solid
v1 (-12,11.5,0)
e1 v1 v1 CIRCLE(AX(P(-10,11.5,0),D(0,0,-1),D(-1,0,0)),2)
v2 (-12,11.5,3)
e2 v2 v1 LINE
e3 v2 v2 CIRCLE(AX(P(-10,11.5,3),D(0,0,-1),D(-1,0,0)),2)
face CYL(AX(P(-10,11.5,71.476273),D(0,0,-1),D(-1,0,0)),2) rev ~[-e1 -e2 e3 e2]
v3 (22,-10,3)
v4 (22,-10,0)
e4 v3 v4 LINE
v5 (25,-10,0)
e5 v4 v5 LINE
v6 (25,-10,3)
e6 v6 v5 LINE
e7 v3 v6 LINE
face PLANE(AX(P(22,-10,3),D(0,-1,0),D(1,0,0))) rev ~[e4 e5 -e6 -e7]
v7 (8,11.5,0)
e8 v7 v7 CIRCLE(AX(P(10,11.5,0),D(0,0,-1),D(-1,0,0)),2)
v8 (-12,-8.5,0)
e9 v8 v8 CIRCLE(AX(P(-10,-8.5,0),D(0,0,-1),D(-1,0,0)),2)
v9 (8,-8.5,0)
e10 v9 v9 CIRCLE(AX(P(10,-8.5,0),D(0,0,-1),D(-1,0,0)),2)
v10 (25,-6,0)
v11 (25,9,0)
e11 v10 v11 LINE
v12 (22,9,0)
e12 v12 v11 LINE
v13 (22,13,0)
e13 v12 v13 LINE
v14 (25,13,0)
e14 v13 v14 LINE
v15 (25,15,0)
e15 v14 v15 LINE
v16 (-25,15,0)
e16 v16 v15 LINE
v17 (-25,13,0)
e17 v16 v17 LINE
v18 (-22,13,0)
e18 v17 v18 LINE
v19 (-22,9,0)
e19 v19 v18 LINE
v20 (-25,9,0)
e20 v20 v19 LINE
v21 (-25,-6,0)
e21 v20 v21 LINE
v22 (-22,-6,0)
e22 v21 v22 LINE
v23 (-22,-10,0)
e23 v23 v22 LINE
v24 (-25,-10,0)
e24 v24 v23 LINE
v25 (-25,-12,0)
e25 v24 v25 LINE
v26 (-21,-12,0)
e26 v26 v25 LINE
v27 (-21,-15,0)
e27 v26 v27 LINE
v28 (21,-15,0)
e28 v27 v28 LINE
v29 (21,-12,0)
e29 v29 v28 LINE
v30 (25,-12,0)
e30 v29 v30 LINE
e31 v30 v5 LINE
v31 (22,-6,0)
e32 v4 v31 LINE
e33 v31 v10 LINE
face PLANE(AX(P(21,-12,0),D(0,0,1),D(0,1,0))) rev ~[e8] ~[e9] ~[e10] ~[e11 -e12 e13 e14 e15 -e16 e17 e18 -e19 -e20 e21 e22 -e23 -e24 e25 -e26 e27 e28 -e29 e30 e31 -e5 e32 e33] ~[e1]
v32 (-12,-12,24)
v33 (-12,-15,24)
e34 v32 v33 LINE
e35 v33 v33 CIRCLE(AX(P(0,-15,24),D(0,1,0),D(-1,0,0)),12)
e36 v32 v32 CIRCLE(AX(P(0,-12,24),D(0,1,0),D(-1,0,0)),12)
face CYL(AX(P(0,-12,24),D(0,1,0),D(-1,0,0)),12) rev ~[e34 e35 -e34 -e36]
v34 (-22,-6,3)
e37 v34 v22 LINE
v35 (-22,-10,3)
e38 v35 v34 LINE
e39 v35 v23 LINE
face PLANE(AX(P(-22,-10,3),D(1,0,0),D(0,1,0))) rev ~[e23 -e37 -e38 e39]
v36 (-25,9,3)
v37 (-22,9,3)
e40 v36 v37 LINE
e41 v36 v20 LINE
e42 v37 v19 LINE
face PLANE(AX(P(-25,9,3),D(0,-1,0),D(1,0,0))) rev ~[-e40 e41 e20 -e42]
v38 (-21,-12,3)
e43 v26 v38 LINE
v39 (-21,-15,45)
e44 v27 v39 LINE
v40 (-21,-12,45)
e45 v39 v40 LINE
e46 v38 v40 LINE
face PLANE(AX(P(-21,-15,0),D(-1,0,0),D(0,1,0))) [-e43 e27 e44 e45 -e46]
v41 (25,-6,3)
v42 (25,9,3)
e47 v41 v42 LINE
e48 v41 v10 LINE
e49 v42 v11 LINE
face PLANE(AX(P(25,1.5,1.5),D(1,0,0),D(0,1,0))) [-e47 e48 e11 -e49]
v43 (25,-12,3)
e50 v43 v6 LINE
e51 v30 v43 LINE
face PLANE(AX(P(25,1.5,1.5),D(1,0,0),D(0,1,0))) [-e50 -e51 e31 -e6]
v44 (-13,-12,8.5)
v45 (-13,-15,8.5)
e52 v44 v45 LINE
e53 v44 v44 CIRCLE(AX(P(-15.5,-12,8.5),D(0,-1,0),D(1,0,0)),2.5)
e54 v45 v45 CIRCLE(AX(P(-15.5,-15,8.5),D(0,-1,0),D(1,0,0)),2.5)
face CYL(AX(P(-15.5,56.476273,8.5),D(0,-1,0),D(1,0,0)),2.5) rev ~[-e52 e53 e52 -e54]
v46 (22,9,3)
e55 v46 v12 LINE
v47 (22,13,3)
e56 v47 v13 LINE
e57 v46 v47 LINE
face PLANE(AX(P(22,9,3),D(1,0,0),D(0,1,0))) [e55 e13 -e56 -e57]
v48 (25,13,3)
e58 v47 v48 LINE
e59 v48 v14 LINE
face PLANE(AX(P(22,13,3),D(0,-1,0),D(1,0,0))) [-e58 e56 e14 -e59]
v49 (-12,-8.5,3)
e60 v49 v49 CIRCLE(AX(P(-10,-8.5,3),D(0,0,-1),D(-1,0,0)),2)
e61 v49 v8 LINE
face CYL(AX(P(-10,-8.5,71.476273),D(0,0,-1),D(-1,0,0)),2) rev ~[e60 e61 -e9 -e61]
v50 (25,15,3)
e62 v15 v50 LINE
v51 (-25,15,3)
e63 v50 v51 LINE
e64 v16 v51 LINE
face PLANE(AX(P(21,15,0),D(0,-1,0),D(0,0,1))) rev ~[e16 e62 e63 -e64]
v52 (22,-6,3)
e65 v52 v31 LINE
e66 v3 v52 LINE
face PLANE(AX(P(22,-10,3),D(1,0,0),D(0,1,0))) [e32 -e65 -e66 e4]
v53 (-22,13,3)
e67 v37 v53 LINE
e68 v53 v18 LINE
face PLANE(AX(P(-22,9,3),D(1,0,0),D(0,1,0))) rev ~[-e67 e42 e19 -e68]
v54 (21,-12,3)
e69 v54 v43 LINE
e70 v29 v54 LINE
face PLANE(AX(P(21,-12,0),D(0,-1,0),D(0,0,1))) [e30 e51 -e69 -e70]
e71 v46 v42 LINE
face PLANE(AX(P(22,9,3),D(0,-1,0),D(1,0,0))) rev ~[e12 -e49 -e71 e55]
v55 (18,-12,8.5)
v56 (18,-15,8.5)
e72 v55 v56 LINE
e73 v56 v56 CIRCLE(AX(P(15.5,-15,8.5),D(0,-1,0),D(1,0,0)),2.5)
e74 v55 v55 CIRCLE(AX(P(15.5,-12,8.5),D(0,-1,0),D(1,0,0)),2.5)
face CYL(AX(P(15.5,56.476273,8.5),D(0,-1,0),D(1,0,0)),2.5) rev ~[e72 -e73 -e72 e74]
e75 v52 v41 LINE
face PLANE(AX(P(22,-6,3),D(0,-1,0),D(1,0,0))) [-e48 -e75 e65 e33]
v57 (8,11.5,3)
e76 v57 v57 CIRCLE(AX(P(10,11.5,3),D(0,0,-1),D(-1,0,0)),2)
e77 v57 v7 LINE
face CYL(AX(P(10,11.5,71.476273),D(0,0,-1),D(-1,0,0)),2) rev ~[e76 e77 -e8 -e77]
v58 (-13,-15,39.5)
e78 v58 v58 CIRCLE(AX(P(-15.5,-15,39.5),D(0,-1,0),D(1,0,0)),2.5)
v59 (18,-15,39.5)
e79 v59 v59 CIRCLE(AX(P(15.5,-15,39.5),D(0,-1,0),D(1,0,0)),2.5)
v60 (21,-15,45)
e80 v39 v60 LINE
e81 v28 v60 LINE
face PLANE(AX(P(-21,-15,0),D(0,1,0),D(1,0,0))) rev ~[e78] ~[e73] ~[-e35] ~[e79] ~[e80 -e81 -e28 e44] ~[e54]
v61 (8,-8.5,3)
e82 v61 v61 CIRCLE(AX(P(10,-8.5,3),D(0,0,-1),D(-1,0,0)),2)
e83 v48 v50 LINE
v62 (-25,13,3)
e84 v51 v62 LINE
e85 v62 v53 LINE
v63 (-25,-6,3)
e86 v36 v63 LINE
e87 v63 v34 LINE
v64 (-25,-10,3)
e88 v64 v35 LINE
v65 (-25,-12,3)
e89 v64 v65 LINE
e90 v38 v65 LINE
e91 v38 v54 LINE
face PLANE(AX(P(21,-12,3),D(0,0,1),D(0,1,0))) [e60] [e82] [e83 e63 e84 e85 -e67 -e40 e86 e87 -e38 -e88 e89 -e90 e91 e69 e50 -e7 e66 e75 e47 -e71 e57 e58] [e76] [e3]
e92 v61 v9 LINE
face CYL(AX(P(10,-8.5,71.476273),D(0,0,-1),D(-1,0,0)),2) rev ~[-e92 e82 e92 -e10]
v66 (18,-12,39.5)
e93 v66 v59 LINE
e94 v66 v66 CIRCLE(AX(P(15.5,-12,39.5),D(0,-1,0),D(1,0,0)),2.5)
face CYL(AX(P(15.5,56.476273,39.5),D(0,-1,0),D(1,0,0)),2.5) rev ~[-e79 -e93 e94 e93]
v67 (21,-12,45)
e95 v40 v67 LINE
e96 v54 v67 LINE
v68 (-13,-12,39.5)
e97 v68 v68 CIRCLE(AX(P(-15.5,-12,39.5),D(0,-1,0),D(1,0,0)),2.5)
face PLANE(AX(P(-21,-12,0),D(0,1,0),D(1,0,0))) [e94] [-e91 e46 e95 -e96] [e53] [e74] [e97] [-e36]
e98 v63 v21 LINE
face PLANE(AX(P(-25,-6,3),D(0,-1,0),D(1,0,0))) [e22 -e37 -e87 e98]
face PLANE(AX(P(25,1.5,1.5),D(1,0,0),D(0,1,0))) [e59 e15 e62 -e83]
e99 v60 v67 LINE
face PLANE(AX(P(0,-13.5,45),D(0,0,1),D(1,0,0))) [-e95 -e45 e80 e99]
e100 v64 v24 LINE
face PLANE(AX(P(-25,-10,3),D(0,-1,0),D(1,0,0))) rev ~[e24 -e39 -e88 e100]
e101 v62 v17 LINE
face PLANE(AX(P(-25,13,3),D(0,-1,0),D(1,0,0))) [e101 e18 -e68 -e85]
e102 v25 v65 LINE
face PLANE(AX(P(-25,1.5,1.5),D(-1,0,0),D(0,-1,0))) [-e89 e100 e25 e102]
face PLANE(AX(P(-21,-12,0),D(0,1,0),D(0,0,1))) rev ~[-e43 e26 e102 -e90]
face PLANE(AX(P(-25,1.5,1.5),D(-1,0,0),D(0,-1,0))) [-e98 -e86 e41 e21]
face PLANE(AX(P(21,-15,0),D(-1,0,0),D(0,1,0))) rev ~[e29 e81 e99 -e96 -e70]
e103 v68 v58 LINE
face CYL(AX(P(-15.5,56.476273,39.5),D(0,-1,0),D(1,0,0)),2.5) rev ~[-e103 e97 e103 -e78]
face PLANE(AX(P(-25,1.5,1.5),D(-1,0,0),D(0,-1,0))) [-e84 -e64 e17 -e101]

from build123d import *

# Parameters (mm, degrees)
F0_W      = 42
F0_H      = 27
F1_DEPTH  = 3
F0_H_2    = 3
F2_DEPTH  = 45
F4_D      = 4
F6_D      = 5
F7_R      = 12
F8_DEPTH  = 25
F9_W      = 27
F9_H      = 3
F10_DEPTH = 4
F11_W     = 3
F11_H     = 4
F12_DEPTH = 25
F13_W     = 27
F13_H     = 3
F14_DEPTH = 4
F15_W     = 3
F15_H     = 4
F16_DEPTH = 25


with BuildPart() as f1:
    # F0 (on Top) → F1 (new body)
    with BuildSketch(Plane.XY):
        with Locations((0, 1.5)):
            Rectangle(F0_W, F0_H)
    extrude(amount=F1_DEPTH)

    # F0 (on Top) → F2 (join)
    with BuildSketch(Plane.XY):
        with Locations((0, -13.5)):
            Rectangle(F0_W, F0_H_2)
    extrude(amount=F2_DEPTH)

    # F4 (through all)
    with Locations(Plane.XY.offset(3)):
        with Locations((10, -8.5), (10, 11.5), (-10, 11.5), (-10, -8.5)):
            Hole(F4_D / 2)

    # F6 (through all)
    with Locations(Plane(origin=(0, -12, 0), x_dir=(-1, 0, 0), z_dir=(0, 1, 0))):
        with Locations((-15.5, 39.5), (-15.5, 8.5), (15.5, 8.5), (15.5, 39.5)):
            Hole(F6_D / 2)

    # F7 (on face) → F8 (cut)
    with BuildSketch(Plane(origin=(0, -12, 0), x_dir=(-1, 0, 0), z_dir=(0, 1, 0))):
        with Locations((0, 24)):
            Circle(F7_R)
    extrude(amount=-F8_DEPTH, mode=Mode.SUBTRACT)

    # F9 (on face) → F10 (join)
    with BuildSketch(Plane(origin=(-21, 0, 0), x_dir=(0, -1, 0), z_dir=(-1, 0, 0))):
        with Locations((-1.5, 1.5)):
            Rectangle(F9_W, F9_H)
    extrude(amount=F10_DEPTH)

    # F11 (on face) → F12 (cut)
    with BuildSketch(Plane.XY.offset(3)):
        with Locations((-23.5, 11)):
            Rectangle(F11_W, F11_H)
        with Locations((-23.5, -8)):
            Rectangle(F11_W, F11_H)
    extrude(amount=-F12_DEPTH, mode=Mode.SUBTRACT)

    # F13 (on face) → F14 (join)
    with BuildSketch(Plane.YZ.offset(21)):
        with Locations((1.5, 1.5)):
            Rectangle(F13_W, F13_H)
    extrude(amount=F14_DEPTH)

    # F15 (on face) → F16 (cut)
    with BuildSketch(Plane.XY.offset(3)):
        with Locations((23.5, 11)):
            Rectangle(F15_W, F15_H)
        with Locations((23.5, -8)):
            Rectangle(F15_W, F15_H)
    extrude(amount=-F16_DEPTH, mode=Mode.SUBTRACT)


solid = f1.part
